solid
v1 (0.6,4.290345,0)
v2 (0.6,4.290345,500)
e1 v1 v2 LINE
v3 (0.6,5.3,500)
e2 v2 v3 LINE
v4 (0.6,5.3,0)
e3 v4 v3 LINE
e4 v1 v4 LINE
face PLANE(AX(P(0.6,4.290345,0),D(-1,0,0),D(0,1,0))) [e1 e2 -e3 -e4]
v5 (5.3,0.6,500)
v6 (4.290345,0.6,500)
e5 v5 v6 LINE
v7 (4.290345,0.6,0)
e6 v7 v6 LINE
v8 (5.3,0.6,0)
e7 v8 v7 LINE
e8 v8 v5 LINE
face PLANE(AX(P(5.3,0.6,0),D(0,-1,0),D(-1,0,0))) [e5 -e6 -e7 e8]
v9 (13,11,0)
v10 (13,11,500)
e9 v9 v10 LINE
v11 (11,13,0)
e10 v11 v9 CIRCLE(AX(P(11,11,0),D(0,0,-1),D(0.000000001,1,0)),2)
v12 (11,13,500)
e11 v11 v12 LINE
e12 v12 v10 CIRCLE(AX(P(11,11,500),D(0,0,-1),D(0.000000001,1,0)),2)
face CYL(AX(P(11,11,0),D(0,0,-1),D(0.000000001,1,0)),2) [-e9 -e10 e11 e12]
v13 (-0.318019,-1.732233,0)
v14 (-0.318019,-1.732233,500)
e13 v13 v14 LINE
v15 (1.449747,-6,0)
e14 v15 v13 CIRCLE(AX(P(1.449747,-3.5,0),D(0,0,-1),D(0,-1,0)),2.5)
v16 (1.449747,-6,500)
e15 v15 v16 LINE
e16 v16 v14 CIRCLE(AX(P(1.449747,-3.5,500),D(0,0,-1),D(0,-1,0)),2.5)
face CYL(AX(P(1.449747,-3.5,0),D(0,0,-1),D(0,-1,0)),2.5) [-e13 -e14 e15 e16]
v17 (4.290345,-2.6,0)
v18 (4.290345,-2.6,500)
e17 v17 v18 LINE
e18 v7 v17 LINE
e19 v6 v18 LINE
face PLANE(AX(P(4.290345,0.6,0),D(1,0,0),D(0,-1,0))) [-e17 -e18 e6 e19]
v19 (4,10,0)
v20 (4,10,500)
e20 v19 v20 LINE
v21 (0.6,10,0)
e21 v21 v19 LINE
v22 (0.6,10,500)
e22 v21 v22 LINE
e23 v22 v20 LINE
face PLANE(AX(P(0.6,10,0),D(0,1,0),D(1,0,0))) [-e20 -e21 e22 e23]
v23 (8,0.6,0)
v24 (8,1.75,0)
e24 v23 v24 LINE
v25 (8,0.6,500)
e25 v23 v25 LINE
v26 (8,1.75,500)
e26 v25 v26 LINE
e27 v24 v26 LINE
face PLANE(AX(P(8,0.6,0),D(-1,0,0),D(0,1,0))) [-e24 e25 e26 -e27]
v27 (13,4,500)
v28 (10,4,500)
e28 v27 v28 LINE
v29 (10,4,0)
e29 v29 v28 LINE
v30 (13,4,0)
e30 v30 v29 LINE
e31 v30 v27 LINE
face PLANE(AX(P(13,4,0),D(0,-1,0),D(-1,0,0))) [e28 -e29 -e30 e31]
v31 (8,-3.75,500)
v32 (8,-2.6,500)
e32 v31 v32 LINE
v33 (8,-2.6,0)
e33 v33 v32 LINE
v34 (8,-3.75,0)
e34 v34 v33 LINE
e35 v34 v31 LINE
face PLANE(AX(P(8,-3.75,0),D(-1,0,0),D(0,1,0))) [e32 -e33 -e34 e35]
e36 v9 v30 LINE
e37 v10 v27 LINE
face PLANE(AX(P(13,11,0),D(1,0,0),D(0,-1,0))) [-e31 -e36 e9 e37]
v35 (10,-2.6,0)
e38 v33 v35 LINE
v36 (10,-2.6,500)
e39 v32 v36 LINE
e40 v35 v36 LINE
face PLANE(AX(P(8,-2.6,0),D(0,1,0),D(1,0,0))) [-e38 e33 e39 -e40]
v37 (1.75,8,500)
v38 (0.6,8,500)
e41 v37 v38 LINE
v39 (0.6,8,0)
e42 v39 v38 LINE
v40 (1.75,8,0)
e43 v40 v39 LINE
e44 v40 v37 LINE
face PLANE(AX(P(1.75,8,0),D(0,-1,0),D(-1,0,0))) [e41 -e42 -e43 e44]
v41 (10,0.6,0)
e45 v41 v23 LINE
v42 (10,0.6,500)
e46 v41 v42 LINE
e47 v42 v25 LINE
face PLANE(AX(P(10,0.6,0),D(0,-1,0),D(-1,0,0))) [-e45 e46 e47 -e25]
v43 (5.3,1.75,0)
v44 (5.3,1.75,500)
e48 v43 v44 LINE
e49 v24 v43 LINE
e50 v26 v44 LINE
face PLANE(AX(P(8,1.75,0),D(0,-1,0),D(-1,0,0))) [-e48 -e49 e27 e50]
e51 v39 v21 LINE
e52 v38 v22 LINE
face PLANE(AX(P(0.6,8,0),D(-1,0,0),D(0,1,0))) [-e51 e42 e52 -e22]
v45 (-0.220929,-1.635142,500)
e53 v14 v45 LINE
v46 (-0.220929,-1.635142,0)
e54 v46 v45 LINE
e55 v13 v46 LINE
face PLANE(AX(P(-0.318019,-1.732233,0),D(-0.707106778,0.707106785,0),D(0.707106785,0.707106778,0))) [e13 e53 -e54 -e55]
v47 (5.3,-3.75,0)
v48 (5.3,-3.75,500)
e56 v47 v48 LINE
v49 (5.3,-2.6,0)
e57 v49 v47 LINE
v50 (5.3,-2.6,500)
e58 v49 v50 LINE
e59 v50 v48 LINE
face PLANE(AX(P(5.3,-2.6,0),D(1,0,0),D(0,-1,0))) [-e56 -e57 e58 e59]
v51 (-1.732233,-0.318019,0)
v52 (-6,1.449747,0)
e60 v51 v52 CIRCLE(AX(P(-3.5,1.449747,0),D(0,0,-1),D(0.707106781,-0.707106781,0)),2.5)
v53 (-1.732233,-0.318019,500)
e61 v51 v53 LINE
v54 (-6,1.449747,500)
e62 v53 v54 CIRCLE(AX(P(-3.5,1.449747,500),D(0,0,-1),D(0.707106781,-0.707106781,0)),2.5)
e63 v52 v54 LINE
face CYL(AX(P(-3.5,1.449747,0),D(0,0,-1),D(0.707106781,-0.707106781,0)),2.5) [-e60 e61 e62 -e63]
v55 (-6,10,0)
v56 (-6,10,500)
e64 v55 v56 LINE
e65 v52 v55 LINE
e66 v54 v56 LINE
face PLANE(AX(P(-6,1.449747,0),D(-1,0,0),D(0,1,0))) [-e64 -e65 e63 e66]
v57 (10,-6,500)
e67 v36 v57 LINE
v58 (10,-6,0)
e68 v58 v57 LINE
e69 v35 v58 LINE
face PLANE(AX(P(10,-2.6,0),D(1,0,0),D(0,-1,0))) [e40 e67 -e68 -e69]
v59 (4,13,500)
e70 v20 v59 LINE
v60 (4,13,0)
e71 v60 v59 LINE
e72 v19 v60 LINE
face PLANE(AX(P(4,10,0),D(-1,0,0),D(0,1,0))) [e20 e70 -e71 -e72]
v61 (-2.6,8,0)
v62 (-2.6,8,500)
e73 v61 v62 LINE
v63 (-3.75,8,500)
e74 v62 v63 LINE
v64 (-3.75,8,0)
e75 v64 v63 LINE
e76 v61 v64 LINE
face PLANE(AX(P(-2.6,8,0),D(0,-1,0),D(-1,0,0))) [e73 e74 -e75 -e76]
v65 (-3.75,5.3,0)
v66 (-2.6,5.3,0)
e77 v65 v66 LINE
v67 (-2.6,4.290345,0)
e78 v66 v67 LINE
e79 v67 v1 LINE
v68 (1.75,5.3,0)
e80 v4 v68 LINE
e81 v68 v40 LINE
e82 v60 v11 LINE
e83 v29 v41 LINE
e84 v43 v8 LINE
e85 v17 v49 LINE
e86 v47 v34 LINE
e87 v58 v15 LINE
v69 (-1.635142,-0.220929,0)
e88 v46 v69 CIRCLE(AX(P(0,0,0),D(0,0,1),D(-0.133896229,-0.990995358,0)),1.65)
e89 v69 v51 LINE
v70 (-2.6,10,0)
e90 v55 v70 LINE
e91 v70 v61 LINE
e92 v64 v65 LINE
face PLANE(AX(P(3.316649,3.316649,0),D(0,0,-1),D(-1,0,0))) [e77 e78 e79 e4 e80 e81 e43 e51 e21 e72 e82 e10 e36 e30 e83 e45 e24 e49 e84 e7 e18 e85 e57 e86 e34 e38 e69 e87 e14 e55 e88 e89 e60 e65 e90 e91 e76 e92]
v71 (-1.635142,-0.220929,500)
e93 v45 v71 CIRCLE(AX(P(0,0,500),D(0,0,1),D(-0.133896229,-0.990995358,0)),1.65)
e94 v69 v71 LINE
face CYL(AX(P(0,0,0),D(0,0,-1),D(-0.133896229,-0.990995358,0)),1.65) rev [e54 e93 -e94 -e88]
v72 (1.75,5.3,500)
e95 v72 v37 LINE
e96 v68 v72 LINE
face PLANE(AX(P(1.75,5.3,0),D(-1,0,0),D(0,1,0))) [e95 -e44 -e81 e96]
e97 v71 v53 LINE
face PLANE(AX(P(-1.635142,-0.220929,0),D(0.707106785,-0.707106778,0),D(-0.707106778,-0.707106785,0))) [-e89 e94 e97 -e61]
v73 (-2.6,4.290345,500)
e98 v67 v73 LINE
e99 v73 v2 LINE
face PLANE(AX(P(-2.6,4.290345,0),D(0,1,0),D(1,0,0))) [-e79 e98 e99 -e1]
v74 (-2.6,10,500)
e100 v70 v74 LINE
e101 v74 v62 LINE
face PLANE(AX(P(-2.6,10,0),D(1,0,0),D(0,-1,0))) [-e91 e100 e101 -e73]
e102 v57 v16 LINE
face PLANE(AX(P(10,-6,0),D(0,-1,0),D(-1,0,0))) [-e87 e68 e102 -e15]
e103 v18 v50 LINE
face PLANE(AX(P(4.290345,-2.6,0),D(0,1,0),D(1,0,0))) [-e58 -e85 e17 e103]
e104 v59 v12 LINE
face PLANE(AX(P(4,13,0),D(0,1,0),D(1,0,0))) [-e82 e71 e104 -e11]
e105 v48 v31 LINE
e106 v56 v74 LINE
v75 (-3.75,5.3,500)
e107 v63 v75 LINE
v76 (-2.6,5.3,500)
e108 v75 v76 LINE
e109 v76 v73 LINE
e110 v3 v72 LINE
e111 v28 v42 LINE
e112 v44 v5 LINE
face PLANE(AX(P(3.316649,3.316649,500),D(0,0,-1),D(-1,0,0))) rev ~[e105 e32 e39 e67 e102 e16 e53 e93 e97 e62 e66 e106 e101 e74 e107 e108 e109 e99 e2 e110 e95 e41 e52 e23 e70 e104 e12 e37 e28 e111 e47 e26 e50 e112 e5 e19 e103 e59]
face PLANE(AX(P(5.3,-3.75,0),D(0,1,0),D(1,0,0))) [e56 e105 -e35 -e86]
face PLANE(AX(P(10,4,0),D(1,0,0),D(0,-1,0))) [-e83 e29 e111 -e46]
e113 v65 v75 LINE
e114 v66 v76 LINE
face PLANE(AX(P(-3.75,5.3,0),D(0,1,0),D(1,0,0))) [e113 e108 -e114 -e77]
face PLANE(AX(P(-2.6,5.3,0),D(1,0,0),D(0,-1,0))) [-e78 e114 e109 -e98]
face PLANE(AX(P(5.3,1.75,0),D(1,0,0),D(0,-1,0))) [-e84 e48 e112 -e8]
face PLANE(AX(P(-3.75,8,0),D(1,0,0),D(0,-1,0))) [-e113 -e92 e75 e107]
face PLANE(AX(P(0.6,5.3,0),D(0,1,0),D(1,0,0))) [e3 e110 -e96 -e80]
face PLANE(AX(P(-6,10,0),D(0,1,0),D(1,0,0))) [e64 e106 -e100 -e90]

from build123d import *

# Parameters (mm, degrees)
EXTRUDE_1_DEPTH = 500


with BuildPart() as part:
    # Model → 凸台-拉伸1 (new body)
    with BuildSketch(Plane.XY):
        with BuildLine():
            Line((-6, 1.449747468), (-6, 10))
            Line((-6, 10), (-2.6, 10))
            Line((-2.6, 10), (-2.6, 8))
            Line((-2.6, 8), (-3.75, 8))
            Line((-3.75, 8), (-3.75, 5.3))
            Line((-3.75, 5.3), (-2.6, 5.3))
            Line((-2.6, 5.3), (-2.6, 4.29034466))
            Line((-2.6, 4.29034466), (0.6, 4.29034466))
            Line((0.6, 4.29034466), (0.6, 5.3))
            Line((0.6, 5.3), (1.75, 5.3))
            Line((1.75, 5.3), (1.75, 8))
            Line((1.75, 8), (0.6, 8))
            Line((0.6, 8), (0.6, 10))
            Line((0.6, 10), (4, 10))
            Line((4, 10), (4, 13))
            Line((4, 13), (11, 13))
            ThreePointArc((11, 13), (12.414213562, 12.414213562), (13, 11))
            Line((13, 11), (13, 4))
            Line((13, 4), (10, 4))
            Line((10, 4), (10, 0.6))
            Line((10, 0.6), (8, 0.6))
            Line((8, 0.6), (8, 1.75))
            Line((8, 1.75), (5.3, 1.75))
            Line((5.3, 1.75), (5.3, 0.6))
            Line((5.3, 0.6), (4.29034466, 0.6))
            Line((4.29034466, 0.6), (4.29034466, -2.6))
            Line((4.29034466, -2.6), (5.3, -2.6))
            Line((5.3, -2.6), (5.3, -3.75))
            Line((5.3, -3.75), (8, -3.75))
            Line((8, -3.75), (8, -2.6))
            Line((8, -2.6), (10, -2.6))
            Line((10, -2.6), (10, -6))
            Line((10, -6), (1.449747468, -6))
            ThreePointArc((1.449747468, -6), (-0.859951363, -4.456708581), (-0.318019485, -1.732233047))
            Line((-0.318019485, -1.732233047), (-0.220928778, -1.635142341))
            ThreePointArc((-0.220928778, -1.635142341), (1.166726189, 1.166726189), (-1.635142341, -0.220928778))
            Line((-1.635142341, -0.220928778), (-1.732233047, -0.318019485))
            ThreePointArc((-1.732233047, -0.318019485), (-4.456708581, -0.859951363), (-6, 1.449747468))
        make_face()
    extrude(amount=EXTRUDE_1_DEPTH)


solid = part.part
